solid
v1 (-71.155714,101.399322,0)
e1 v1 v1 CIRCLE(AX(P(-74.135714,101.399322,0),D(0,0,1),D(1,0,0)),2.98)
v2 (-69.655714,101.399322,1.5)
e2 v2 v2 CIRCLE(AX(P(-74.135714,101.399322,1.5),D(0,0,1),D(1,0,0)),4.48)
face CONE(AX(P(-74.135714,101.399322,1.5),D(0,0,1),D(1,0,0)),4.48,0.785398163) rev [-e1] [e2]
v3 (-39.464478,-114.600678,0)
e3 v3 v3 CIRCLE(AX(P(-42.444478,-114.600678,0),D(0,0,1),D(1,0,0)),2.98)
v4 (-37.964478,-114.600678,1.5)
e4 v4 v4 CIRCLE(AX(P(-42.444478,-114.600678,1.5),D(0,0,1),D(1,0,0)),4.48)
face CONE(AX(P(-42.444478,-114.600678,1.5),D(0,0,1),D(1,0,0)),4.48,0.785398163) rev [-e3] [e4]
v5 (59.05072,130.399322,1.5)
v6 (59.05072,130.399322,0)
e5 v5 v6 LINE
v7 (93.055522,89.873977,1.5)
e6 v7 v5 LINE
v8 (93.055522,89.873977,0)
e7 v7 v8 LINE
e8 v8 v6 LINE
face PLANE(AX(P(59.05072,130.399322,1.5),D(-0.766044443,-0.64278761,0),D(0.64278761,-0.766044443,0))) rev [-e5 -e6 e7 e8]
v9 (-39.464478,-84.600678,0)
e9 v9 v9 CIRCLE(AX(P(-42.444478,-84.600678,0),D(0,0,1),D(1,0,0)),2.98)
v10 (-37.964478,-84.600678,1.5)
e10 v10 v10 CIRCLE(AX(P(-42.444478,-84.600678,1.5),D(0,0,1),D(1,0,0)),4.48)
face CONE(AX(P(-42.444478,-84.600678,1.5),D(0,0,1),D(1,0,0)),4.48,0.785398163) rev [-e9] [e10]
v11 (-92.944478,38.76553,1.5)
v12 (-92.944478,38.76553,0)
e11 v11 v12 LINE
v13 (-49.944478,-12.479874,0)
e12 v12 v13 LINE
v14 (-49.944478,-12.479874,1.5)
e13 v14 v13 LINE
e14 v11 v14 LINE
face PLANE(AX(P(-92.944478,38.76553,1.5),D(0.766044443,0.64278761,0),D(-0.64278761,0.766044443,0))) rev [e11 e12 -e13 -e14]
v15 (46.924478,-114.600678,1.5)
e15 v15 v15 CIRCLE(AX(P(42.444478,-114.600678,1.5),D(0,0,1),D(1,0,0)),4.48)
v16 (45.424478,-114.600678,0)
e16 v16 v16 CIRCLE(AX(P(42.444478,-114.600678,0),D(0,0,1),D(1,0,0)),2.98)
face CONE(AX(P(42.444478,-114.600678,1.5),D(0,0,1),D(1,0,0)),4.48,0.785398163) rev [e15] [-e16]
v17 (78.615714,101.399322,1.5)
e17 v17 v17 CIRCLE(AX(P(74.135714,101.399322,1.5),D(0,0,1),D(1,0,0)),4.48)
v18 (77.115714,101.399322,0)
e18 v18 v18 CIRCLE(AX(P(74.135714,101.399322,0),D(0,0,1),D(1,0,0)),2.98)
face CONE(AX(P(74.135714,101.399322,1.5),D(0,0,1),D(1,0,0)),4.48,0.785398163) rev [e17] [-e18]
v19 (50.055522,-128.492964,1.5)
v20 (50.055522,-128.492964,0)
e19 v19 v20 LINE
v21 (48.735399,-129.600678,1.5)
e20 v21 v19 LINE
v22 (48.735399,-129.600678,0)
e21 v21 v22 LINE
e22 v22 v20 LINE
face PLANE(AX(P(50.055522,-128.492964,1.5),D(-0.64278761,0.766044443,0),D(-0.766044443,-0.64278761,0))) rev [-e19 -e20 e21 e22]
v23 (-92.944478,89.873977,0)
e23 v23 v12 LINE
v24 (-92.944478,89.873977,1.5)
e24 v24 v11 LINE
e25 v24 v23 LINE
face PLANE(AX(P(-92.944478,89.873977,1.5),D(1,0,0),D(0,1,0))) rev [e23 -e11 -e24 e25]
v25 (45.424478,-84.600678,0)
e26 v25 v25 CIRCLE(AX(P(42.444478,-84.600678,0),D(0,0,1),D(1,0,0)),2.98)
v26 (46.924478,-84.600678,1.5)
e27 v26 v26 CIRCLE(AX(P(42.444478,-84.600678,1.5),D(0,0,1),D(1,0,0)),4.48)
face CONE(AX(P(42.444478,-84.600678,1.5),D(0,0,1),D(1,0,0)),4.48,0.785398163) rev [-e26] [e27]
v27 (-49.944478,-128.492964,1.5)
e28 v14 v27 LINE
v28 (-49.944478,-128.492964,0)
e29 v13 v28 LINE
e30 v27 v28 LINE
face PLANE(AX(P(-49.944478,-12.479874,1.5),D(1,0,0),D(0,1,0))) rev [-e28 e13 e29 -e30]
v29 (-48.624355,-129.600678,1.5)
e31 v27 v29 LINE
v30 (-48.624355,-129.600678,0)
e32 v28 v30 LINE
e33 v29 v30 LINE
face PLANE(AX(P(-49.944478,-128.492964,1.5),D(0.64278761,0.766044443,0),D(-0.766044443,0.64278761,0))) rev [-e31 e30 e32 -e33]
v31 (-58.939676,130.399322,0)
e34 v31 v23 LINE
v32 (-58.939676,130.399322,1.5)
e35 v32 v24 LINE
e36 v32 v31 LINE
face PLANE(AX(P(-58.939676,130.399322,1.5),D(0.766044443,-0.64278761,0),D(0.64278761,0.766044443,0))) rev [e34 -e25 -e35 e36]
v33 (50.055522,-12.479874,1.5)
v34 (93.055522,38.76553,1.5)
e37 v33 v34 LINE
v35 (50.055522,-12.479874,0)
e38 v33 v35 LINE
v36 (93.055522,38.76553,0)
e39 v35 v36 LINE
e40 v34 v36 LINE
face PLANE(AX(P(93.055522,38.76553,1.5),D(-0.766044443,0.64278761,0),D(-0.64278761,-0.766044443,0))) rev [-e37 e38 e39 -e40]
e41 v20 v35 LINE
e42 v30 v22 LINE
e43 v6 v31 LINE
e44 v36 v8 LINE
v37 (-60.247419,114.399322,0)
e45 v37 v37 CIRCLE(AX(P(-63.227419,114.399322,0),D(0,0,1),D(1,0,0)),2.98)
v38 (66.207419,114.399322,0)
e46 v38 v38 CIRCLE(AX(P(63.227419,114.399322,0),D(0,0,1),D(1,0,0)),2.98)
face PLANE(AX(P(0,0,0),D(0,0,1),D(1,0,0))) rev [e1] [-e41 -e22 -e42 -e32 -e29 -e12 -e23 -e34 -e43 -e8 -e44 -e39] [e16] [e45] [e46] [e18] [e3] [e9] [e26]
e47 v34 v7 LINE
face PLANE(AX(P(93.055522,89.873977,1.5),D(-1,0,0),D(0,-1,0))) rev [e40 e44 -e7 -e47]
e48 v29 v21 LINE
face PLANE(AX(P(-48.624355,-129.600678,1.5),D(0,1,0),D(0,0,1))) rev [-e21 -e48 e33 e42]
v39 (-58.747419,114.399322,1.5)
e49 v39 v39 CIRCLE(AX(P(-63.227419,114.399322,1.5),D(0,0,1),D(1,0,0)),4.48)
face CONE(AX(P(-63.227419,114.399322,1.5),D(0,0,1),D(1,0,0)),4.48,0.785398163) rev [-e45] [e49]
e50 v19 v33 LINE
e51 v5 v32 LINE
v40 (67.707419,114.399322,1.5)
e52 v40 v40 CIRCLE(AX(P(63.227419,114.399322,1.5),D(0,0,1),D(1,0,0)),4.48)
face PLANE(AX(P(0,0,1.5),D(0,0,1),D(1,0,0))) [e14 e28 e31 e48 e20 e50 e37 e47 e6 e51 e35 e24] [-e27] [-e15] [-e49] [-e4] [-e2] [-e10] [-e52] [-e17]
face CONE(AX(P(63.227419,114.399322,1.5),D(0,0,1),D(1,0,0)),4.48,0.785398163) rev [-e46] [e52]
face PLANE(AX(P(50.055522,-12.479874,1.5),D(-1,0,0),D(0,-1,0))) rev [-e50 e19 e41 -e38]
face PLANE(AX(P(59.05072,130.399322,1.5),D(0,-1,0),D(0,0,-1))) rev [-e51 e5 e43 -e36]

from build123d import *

# Parameters (mm, degrees)
RESSALTO_EXTRUS_O1_DEPTH                     = 1.5
ESCAREADO_PARA_PARAFUSO_ALLEN_SEXTAV_2_COUNT = 2
ESCAREADO_PARA_PARAFUSO_ALLEN_SEXTAV_2_PITCH = 16.970294761
ESCAREADO_PARA_PARAFUSO_ALLEN_SEXTAV_3_COUNT = 2
ESCAREADO_PARA_PARAFUSO_ALLEN_SEXTAV_3_PITCH = 126.454837383
ESCAREADO_PARA_PARAFUSO_ALLEN_SEXTAV_4_COUNT = 2
ESCAREADO_PARA_PARAFUSO_ALLEN_SEXTAV_4_PITCH = 137.976919064
ESCAREADO_PARA_PARAFUSO_ALLEN_SEXTAV_5_COUNT = 2
ESCAREADO_PARA_PARAFUSO_ALLEN_SEXTAV_5_PITCH = 225.316554427
ESCAREADO_PARA_PARAFUSO_ALLEN_SEXTAV_6_COUNT = 2
ESCAREADO_PARA_PARAFUSO_ALLEN_SEXTAV_6_PITCH = 252.205372066
ESCAREADO_PARA_PARAFUSO_ALLEN_SEXTAV_7_COUNT = 2
ESCAREADO_PARA_PARAFUSO_ALLEN_SEXTAV_7_PITCH = 229.941146022
ESCAREADO_PARA_PARAFUSO_ALLEN_SEXTAV_8_COUNT = 2
ESCAREADO_PARA_PARAFUSO_ALLEN_SEXTAV_8_PITCH = 200.082309648


with BuildPart() as part:
    # Esboço1 → Ressalto-extrusão1 (new body)
    with BuildSketch(Plane.XY):
        Polygon((59.050720106, 130.399321825), (-58.939675618, 130.399321825), (-92.944477756, 89.873976712), (-92.944477756, 38.765530101), (-49.944477756, -12.47987438), (-49.944477756, -128.492963544), (-48.624354865, -129.600678175), (48.735399354, -129.600678175), (50.055522244, -128.492963544), (50.055522244, -12.47987438), (93.055522244, 38.765530101), (93.055522244, 89.873976712), align=None)
    extrude(amount=RESSALTO_EXTRUS_O1_DEPTH)

    # Esboço4 → Escareado para parafuso Allen sextavado escareado de M41 (revolve, cut)
    with BuildSketch(Plane(origin=(-63.227418691, 114.399321825, 1.5), x_dir=(0, -1, 0), z_dir=(1, 0, 0))):
        Polygon((0, 0), (0, 1.5), (2.25, 1.5), (2.25, 2.23), (4.48, 0), align=None)
    escareado_para_parafuso_allen_sextavado = revolve(axis=Axis((-63.227418691, 114.399321825, 7.85), (0, 0, -1)), mode=Mode.SUBTRACT)

    # Escareado para parafuso Allen sextav 2: Escareado para parafuso Allen sextavado escareado de M41 ×2
    with Locations(*[Vector(-0.64278761, -0.766044443, 0) * (i * ESCAREADO_PARA_PARAFUSO_ALLEN_SEXTAV_2_PITCH) for i in range(1, ESCAREADO_PARA_PARAFUSO_ALLEN_SEXTAV_2_COUNT)]):
        add(escareado_para_parafuso_allen_sextavado, mode=Mode.SUBTRACT)

    # Escareado para parafuso Allen sextav 3: Escareado para parafuso Allen sextavado escareado de M41 ×2
    with Locations(*[(i * ESCAREADO_PARA_PARAFUSO_ALLEN_SEXTAV_3_PITCH, 0, 0) for i in range(1, ESCAREADO_PARA_PARAFUSO_ALLEN_SEXTAV_3_COUNT)]):
        add(escareado_para_parafuso_allen_sextavado, mode=Mode.SUBTRACT)

    # Escareado para parafuso Allen sextav 4: Escareado para parafuso Allen sextavado escareado de M41 ×2
    with Locations(*[Vector(0.995551528, -0.094218657, 0) * (i * ESCAREADO_PARA_PARAFUSO_ALLEN_SEXTAV_4_PITCH) for i in range(1, ESCAREADO_PARA_PARAFUSO_ALLEN_SEXTAV_4_COUNT)]):
        add(escareado_para_parafuso_allen_sextavado, mode=Mode.SUBTRACT)

    # Escareado para parafuso Allen sextav 5: Escareado para parafuso Allen sextavado escareado de M41 ×2
    with Locations(*[Vector(0.468993043, -0.88320186, 0) * (i * ESCAREADO_PARA_PARAFUSO_ALLEN_SEXTAV_5_PITCH) for i in range(1, ESCAREADO_PARA_PARAFUSO_ALLEN_SEXTAV_5_COUNT)]):
        add(escareado_para_parafuso_allen_sextavado, mode=Mode.SUBTRACT)

    # Escareado para parafuso Allen sextav 6: Escareado para parafuso Allen sextavado escareado de M41 ×2
    with Locations(*[Vector(0.418991458, -0.907990175, 0) * (i * ESCAREADO_PARA_PARAFUSO_ALLEN_SEXTAV_6_PITCH) for i in range(1, ESCAREADO_PARA_PARAFUSO_ALLEN_SEXTAV_6_COUNT)]):
        add(escareado_para_parafuso_allen_sextavado, mode=Mode.SUBTRACT)

    # Escareado para parafuso Allen sextav 7: Escareado para parafuso Allen sextavado escareado de M41 ×2
    with Locations(*[Vector(0.090383741, -0.995907013, 0) * (i * ESCAREADO_PARA_PARAFUSO_ALLEN_SEXTAV_7_PITCH) for i in range(1, ESCAREADO_PARA_PARAFUSO_ALLEN_SEXTAV_7_COUNT)]):
        add(escareado_para_parafuso_allen_sextavado, mode=Mode.SUBTRACT)

    # Escareado para parafuso Allen sextav 8: Escareado para parafuso Allen sextavado escareado de M41 ×2
    with Locations(*[Vector(0.103871956, -0.994590678, 0) * (i * ESCAREADO_PARA_PARAFUSO_ALLEN_SEXTAV_8_PITCH) for i in range(1, ESCAREADO_PARA_PARAFUSO_ALLEN_SEXTAV_8_COUNT)]):
        add(escareado_para_parafuso_allen_sextavado, mode=Mode.SUBTRACT)


solid = part.part
